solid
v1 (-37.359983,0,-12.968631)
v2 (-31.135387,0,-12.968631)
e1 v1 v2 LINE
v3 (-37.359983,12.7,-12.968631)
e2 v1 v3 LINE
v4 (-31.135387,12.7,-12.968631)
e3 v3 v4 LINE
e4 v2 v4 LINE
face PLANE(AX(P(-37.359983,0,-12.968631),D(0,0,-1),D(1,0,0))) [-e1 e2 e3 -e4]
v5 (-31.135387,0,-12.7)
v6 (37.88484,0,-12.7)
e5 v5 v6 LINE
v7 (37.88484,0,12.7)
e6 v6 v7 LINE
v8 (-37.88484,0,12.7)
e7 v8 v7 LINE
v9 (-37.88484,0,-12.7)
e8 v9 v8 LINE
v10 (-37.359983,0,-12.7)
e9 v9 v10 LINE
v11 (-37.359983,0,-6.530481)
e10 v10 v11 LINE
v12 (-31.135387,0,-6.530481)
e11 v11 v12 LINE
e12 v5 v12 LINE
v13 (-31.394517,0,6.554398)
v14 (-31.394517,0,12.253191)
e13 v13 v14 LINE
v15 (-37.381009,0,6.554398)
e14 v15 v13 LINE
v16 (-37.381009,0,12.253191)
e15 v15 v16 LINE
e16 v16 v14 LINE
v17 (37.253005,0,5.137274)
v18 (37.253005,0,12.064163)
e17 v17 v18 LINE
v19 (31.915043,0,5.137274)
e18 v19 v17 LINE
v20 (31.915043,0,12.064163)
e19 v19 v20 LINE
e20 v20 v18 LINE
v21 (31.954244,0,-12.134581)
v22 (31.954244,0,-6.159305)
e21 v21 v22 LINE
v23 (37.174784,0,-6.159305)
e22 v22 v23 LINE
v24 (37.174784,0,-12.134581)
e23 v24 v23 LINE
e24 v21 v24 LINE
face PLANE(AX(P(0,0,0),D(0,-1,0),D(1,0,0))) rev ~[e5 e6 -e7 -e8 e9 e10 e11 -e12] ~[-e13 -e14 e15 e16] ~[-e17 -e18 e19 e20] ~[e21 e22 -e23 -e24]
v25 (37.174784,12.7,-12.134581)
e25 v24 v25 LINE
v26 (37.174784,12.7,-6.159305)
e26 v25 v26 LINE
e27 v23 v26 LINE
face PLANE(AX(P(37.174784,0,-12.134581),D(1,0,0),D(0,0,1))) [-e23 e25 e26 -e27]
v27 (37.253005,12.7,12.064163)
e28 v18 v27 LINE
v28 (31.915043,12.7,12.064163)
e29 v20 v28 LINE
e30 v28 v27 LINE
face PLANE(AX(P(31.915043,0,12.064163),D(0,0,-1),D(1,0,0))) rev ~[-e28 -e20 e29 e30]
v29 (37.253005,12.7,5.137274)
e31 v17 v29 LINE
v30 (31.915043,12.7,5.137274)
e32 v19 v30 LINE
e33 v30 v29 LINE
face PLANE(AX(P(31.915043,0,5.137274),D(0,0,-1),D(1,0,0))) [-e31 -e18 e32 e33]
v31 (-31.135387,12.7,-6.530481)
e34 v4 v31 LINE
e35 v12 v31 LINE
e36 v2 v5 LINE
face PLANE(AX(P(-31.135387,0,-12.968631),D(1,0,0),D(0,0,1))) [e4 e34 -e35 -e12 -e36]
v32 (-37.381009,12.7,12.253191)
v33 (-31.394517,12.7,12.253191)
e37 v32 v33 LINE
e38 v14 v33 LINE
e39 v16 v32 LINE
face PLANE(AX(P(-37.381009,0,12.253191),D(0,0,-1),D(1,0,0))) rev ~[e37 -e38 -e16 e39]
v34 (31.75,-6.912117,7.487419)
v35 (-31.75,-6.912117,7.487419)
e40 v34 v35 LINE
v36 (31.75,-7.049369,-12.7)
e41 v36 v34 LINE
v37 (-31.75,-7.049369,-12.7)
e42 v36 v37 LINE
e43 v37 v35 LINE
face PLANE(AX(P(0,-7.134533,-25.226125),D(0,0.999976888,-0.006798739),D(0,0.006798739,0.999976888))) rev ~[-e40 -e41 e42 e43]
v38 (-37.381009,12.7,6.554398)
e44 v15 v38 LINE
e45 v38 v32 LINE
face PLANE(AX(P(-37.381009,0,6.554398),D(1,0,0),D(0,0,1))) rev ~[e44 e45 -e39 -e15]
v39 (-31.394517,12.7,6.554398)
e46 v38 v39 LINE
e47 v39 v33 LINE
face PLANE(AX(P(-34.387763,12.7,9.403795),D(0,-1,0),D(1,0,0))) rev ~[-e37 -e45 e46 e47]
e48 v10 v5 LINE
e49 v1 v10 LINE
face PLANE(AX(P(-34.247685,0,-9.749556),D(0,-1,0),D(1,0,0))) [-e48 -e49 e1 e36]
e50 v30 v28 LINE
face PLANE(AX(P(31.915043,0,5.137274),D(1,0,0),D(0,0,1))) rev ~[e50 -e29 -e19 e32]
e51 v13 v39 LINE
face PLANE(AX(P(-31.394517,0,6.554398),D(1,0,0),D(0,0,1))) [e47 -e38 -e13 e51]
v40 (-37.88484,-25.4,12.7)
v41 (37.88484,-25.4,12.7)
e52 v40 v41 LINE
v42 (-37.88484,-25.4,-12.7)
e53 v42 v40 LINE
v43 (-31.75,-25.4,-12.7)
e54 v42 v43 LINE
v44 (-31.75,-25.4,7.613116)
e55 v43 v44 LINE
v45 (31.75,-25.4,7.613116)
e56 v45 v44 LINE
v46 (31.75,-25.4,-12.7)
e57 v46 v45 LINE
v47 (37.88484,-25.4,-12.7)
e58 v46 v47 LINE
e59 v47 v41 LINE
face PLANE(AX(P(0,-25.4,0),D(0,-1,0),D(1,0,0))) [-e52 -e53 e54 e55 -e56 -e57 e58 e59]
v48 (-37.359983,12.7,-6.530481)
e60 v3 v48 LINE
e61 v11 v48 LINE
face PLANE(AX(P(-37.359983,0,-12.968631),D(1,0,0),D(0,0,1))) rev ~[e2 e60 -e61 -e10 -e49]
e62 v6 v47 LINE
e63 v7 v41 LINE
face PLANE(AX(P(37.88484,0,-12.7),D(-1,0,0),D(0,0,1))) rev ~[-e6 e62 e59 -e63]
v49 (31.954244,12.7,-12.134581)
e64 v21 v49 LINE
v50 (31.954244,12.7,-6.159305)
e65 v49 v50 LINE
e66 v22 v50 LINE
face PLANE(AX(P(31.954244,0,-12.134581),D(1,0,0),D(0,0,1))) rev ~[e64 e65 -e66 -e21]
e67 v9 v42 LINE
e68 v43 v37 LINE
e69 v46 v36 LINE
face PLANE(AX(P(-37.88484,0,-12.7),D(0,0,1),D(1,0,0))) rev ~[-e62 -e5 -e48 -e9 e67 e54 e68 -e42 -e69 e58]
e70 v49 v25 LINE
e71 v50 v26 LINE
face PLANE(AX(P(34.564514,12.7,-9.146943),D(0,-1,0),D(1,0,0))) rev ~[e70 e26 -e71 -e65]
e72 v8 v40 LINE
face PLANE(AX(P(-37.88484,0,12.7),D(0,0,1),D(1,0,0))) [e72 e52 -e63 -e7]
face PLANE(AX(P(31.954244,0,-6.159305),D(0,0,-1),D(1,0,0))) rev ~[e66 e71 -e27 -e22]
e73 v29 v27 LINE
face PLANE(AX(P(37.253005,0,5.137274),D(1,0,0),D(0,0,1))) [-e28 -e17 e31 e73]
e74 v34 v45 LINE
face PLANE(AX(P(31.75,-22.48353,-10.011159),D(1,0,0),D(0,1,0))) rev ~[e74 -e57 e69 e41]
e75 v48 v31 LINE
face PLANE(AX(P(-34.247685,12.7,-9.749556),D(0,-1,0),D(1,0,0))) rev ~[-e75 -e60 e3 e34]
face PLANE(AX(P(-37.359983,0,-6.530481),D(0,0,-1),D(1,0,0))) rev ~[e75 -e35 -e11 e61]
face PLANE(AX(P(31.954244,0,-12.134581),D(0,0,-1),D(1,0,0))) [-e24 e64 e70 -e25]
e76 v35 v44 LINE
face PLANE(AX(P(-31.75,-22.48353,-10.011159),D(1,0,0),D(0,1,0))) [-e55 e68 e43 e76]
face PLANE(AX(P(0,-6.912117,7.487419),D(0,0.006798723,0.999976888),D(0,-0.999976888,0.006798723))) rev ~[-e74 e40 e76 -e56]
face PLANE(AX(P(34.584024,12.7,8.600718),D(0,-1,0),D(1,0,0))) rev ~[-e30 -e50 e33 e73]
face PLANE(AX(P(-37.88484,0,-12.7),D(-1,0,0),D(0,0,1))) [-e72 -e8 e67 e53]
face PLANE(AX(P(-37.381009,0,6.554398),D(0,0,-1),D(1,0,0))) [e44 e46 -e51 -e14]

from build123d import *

# Parameters (mm, degrees)
F0_W     = 75.76968
F0_H     = 25.4
F1_DEPTH = 25.4
F3_DEPTH = 31.75
F4_W     = 5.986491
F4_H     = 5.698793
F4_W_2   = 6.224596
F4_H_2   = 6.43815
F4_W_3   = 5.22054
F4_H_3   = 5.975276
F4_W_4   = 5.337961
F4_H_4   = 6.926889
F5_DEPTH = 12.7


with BuildPart() as f1:
    # F0 (on Front) → F1 (new body)
    with BuildSketch(Plane.XZ):
        Rectangle(F0_W, F0_H)
    extrude(amount=F1_DEPTH)

    # F2 (on Right) → F3 (cut, symmetric)
    with BuildSketch(Plane.YZ):
        Polygon((-6.912117, 7.487419), (-35.072637, 7.678879), (-39.277993, -27.769957), (-7.134533, -25.226125), align=None)
    extrude(amount=F3_DEPTH, both=True, mode=Mode.SUBTRACT)

    # F4 (on Front) → F5 (join)
    with BuildSketch(Plane.XZ):
        with Locations((-34.387763, 9.403795)):
            Rectangle(F4_W, F4_H)
        with Locations((-34.247685, -9.749556)):
            Rectangle(F4_W_2, F4_H_2)
        with Locations((34.564514, -9.146943)):
            Rectangle(F4_W_3, F4_H_3)
        with Locations((34.584024, 8.600718)):
            Rectangle(F4_W_4, F4_H_4)
    extrude(amount=-F5_DEPTH)


solid = f1.part
